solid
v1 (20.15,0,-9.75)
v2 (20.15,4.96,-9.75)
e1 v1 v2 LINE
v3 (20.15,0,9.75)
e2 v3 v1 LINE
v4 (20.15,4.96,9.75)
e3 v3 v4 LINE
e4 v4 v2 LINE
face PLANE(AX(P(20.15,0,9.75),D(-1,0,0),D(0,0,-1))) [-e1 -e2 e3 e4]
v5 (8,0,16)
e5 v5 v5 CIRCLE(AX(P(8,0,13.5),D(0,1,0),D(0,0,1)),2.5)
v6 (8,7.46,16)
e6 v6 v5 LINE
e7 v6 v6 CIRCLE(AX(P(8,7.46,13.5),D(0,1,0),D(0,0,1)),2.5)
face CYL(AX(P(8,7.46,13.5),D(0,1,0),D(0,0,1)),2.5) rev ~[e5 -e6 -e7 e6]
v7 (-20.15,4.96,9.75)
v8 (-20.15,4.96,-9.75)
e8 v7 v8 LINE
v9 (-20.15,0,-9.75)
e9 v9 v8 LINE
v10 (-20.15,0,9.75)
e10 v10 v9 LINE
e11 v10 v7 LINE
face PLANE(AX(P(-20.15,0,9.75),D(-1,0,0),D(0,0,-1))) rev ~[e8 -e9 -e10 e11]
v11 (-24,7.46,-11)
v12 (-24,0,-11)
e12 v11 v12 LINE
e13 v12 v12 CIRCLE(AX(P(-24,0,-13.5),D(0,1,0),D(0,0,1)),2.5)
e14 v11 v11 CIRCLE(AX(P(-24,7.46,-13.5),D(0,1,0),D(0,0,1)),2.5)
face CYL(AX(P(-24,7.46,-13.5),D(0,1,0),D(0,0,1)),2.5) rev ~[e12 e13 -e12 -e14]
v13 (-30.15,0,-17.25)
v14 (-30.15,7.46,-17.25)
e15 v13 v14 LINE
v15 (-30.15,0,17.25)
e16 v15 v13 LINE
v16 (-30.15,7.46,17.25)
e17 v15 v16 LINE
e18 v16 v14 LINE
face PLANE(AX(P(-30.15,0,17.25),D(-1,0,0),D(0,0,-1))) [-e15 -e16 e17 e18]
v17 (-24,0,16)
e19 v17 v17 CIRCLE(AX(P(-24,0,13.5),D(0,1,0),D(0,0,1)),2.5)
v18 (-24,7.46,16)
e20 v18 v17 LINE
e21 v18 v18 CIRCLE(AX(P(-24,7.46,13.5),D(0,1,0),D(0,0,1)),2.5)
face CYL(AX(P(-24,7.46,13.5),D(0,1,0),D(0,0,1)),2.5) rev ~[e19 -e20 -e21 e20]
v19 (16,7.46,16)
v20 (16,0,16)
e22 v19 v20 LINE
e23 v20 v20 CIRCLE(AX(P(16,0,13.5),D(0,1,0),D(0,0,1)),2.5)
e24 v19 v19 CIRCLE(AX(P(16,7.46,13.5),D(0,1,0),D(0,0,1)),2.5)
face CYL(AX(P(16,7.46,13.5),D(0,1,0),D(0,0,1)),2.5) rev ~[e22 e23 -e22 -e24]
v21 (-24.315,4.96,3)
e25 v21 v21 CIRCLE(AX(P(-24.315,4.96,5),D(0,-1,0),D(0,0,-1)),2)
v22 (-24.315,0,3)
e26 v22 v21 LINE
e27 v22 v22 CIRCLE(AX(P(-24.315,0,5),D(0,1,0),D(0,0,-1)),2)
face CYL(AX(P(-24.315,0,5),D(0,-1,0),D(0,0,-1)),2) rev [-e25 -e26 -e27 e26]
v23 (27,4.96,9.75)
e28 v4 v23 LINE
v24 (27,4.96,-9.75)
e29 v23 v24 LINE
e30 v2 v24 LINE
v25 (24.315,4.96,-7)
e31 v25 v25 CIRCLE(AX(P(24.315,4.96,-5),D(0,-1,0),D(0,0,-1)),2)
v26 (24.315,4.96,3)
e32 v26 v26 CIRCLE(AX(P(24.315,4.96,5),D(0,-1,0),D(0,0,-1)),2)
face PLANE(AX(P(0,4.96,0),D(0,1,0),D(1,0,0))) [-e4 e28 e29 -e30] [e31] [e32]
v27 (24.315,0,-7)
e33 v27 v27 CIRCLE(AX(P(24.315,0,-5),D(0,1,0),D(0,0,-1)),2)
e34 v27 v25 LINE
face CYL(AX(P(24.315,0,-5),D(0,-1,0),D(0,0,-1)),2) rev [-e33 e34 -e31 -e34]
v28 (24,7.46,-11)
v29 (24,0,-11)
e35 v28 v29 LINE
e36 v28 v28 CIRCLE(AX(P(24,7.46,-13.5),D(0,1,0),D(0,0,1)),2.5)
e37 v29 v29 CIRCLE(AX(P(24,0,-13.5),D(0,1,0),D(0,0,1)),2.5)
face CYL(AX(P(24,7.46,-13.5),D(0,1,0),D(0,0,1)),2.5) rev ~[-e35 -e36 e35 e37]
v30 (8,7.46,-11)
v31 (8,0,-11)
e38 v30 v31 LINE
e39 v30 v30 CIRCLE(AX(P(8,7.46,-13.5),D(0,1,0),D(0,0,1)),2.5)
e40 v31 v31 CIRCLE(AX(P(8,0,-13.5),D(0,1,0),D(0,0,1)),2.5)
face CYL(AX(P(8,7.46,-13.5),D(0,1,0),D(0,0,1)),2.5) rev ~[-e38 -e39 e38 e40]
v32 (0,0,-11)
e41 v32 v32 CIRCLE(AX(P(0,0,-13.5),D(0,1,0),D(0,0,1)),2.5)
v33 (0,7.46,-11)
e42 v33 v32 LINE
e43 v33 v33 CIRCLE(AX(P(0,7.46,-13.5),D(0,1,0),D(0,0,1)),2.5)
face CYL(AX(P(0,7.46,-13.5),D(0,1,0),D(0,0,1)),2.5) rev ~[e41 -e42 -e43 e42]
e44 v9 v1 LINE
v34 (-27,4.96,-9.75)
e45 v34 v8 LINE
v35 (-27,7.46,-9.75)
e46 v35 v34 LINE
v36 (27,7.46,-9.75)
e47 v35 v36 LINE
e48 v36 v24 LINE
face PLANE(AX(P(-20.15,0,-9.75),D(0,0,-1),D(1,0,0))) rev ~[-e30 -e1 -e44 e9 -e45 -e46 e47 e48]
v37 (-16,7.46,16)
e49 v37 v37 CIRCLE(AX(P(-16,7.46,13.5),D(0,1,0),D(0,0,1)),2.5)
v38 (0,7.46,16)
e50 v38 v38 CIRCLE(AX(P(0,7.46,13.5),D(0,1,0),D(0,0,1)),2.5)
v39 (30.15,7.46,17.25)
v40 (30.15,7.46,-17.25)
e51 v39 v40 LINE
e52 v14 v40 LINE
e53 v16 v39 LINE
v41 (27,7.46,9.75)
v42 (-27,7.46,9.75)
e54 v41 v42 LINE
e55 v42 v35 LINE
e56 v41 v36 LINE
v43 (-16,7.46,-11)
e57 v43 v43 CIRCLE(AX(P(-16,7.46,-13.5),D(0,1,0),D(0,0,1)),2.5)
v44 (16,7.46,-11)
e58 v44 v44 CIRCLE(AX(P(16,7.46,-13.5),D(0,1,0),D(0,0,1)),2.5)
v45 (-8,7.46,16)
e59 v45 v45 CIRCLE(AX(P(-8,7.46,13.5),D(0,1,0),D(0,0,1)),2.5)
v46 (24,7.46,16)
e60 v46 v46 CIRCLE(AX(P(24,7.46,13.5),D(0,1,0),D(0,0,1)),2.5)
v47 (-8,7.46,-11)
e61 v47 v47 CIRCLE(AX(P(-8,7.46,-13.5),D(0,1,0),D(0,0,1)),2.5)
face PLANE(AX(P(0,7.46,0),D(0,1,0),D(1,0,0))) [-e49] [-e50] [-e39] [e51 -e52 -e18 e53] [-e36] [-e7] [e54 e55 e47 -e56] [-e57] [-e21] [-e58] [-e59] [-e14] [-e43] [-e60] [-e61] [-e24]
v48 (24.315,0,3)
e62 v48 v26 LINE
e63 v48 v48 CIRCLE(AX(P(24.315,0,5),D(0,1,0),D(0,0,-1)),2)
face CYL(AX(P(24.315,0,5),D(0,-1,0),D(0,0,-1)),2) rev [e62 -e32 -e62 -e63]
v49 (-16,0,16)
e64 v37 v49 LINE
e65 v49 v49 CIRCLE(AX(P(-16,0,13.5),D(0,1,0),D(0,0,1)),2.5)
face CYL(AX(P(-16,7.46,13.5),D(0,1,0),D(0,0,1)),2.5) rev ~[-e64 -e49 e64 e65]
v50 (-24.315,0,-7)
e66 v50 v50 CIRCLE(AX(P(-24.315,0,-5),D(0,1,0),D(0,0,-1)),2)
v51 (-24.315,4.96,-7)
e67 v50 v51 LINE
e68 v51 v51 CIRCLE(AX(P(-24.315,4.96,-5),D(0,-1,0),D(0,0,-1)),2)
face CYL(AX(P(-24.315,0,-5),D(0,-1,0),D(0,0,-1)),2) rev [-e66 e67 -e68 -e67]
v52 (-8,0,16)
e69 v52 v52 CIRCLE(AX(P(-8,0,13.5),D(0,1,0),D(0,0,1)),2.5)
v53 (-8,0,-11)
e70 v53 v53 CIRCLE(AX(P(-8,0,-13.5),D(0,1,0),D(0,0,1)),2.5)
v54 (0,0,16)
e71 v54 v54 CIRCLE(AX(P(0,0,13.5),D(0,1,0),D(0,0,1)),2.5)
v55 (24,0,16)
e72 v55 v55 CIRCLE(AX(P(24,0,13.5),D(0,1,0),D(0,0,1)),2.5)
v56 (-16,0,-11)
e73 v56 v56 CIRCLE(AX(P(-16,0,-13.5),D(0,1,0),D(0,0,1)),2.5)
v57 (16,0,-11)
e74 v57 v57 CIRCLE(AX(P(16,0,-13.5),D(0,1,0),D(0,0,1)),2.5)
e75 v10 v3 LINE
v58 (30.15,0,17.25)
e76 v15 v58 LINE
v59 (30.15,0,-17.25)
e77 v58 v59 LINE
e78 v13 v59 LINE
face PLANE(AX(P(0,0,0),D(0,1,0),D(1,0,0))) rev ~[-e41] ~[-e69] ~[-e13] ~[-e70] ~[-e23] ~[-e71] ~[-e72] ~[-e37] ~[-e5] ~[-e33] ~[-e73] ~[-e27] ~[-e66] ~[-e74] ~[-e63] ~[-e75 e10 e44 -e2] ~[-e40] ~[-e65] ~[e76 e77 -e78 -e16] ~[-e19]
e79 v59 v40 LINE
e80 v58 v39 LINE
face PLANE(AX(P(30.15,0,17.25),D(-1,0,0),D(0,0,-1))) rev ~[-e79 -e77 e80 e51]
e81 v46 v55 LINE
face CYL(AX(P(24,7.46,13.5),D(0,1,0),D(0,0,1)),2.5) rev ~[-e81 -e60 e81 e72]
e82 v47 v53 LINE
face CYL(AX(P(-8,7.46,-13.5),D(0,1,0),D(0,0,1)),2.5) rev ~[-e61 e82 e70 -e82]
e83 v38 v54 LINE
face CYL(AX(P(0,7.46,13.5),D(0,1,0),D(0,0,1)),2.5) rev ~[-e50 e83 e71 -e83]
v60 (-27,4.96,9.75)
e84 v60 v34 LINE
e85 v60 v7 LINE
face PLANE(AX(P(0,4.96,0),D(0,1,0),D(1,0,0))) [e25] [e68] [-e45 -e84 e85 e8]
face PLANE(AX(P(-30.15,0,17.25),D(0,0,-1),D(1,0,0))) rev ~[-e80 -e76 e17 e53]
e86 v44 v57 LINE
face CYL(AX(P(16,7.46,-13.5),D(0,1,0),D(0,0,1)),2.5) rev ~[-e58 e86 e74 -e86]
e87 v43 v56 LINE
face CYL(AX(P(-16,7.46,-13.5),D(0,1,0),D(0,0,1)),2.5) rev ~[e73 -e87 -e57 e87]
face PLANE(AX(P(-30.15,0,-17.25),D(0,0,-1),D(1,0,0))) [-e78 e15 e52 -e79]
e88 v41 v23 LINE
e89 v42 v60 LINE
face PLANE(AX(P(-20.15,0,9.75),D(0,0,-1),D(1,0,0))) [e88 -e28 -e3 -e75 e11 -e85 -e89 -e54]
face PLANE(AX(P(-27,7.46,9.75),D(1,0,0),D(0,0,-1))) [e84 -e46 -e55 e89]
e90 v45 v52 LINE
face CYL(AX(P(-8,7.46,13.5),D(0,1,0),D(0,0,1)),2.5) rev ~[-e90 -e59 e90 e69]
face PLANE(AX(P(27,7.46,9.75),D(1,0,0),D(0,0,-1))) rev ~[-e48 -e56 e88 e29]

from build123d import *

# Parameters (mm, degrees)
SKETCH1_W           = 60.3
SKETCH1_H           = 34.5
SKETCH1_R           = 2
SKETCH1_W_2         = 40.3
SKETCH1_H_2         = 19.5
BOSS_EXTRUDE1_DEPTH = 7.46
SKETCH3_W           = 54
SKETCH3_H           = 19.5
CUT_EXTRUDE1_DEPTH  = 2.5
SKETCH4_R           = 2.5
CUT_EXTRUDE2_DEPTH  = 36.527969264


with BuildPart() as part:
    # Sketch1 → Boss-Extrude1 (new body)
    with BuildSketch(Plane(origin=(0, 0, 0), x_dir=(1, 0, 0), z_dir=(0, 1, 0))):
        Rectangle(SKETCH1_W, SKETCH1_H)
        with Locations(Location((-24.315, -5, 0), (0, 0, 90))):
            Circle(SKETCH1_R, mode=Mode.SUBTRACT)
        with Locations(Location((-24.315, 5, 0), (0, 0, 90))):
            Circle(SKETCH1_R, mode=Mode.SUBTRACT)
        with Locations(Location((24.315, -5, 0), (0, 0, 90))):
            Circle(SKETCH1_R, mode=Mode.SUBTRACT)
        with Locations(Location((24.315, 5, 0), (0, 0, 90))):
            Circle(SKETCH1_R, mode=Mode.SUBTRACT)
        Rectangle(SKETCH1_W_2, SKETCH1_H_2, mode=Mode.SUBTRACT)
    extrude(amount=BOSS_EXTRUDE1_DEPTH)

    # Sketch3 → Cut-Extrude1 (cut)
    with BuildSketch(Plane(origin=(0, 7.46, 0), x_dir=(1, 0, 0), z_dir=(0, 1, 0))):
        Rectangle(SKETCH3_W, SKETCH3_H)
    extrude(amount=-CUT_EXTRUDE1_DEPTH, mode=Mode.SUBTRACT)

    # Sketch4 → Cut-Extrude2 (cut, through all)
    with BuildSketch(Plane(origin=(0, 7.46, 0), x_dir=(1, 0, 0), z_dir=(0, 1, 0))):
        with Locations(Location((0, 13.5, 0), (0, 0, 270))):
            Circle(SKETCH4_R)
        with Locations(Location((8, 13.5, 0), (0, 0, 270))):
            Circle(SKETCH4_R)
        with Locations(Location((16, 13.5, 0), (0, 0, 270))):
            Circle(SKETCH4_R)
        with Locations(Location((24, 13.5, 0), (0, 0, 270))):
            Circle(SKETCH4_R)
        with Locations(Location((-24, 13.5, 0), (0, 0, 270))):
            Circle(SKETCH4_R)
        with Locations(Location((-16, 13.5, 0), (0, 0, 270))):
            Circle(SKETCH4_R)
        with Locations(Location((-8, 13.5, 0), (0, 0, 270))):
            Circle(SKETCH4_R)
        with Locations(Location((24, -13.5, 0), (0, 0, 270))):
            Circle(SKETCH4_R)
        with Locations(Location((16, -13.5, 0), (0, 0, 270))):
            Circle(SKETCH4_R)
        with Locations(Location((8, -13.5, 0), (0, 0, 270))):
            Circle(SKETCH4_R)
        with Locations(Location((0, -13.5, 0), (0, 0, 270))):
            Circle(SKETCH4_R)
        with Locations(Location((-8, -13.5, 0), (0, 0, 270))):
            Circle(SKETCH4_R)
        with Locations(Location((-16, -13.5, 0), (0, 0, 270))):
            Circle(SKETCH4_R)
        with Locations(Location((-24, -13.5, 0), (0, 0, 270))):
            Circle(SKETCH4_R)
    extrude(amount=-CUT_EXTRUDE2_DEPTH, mode=Mode.SUBTRACT)


solid = part.part
